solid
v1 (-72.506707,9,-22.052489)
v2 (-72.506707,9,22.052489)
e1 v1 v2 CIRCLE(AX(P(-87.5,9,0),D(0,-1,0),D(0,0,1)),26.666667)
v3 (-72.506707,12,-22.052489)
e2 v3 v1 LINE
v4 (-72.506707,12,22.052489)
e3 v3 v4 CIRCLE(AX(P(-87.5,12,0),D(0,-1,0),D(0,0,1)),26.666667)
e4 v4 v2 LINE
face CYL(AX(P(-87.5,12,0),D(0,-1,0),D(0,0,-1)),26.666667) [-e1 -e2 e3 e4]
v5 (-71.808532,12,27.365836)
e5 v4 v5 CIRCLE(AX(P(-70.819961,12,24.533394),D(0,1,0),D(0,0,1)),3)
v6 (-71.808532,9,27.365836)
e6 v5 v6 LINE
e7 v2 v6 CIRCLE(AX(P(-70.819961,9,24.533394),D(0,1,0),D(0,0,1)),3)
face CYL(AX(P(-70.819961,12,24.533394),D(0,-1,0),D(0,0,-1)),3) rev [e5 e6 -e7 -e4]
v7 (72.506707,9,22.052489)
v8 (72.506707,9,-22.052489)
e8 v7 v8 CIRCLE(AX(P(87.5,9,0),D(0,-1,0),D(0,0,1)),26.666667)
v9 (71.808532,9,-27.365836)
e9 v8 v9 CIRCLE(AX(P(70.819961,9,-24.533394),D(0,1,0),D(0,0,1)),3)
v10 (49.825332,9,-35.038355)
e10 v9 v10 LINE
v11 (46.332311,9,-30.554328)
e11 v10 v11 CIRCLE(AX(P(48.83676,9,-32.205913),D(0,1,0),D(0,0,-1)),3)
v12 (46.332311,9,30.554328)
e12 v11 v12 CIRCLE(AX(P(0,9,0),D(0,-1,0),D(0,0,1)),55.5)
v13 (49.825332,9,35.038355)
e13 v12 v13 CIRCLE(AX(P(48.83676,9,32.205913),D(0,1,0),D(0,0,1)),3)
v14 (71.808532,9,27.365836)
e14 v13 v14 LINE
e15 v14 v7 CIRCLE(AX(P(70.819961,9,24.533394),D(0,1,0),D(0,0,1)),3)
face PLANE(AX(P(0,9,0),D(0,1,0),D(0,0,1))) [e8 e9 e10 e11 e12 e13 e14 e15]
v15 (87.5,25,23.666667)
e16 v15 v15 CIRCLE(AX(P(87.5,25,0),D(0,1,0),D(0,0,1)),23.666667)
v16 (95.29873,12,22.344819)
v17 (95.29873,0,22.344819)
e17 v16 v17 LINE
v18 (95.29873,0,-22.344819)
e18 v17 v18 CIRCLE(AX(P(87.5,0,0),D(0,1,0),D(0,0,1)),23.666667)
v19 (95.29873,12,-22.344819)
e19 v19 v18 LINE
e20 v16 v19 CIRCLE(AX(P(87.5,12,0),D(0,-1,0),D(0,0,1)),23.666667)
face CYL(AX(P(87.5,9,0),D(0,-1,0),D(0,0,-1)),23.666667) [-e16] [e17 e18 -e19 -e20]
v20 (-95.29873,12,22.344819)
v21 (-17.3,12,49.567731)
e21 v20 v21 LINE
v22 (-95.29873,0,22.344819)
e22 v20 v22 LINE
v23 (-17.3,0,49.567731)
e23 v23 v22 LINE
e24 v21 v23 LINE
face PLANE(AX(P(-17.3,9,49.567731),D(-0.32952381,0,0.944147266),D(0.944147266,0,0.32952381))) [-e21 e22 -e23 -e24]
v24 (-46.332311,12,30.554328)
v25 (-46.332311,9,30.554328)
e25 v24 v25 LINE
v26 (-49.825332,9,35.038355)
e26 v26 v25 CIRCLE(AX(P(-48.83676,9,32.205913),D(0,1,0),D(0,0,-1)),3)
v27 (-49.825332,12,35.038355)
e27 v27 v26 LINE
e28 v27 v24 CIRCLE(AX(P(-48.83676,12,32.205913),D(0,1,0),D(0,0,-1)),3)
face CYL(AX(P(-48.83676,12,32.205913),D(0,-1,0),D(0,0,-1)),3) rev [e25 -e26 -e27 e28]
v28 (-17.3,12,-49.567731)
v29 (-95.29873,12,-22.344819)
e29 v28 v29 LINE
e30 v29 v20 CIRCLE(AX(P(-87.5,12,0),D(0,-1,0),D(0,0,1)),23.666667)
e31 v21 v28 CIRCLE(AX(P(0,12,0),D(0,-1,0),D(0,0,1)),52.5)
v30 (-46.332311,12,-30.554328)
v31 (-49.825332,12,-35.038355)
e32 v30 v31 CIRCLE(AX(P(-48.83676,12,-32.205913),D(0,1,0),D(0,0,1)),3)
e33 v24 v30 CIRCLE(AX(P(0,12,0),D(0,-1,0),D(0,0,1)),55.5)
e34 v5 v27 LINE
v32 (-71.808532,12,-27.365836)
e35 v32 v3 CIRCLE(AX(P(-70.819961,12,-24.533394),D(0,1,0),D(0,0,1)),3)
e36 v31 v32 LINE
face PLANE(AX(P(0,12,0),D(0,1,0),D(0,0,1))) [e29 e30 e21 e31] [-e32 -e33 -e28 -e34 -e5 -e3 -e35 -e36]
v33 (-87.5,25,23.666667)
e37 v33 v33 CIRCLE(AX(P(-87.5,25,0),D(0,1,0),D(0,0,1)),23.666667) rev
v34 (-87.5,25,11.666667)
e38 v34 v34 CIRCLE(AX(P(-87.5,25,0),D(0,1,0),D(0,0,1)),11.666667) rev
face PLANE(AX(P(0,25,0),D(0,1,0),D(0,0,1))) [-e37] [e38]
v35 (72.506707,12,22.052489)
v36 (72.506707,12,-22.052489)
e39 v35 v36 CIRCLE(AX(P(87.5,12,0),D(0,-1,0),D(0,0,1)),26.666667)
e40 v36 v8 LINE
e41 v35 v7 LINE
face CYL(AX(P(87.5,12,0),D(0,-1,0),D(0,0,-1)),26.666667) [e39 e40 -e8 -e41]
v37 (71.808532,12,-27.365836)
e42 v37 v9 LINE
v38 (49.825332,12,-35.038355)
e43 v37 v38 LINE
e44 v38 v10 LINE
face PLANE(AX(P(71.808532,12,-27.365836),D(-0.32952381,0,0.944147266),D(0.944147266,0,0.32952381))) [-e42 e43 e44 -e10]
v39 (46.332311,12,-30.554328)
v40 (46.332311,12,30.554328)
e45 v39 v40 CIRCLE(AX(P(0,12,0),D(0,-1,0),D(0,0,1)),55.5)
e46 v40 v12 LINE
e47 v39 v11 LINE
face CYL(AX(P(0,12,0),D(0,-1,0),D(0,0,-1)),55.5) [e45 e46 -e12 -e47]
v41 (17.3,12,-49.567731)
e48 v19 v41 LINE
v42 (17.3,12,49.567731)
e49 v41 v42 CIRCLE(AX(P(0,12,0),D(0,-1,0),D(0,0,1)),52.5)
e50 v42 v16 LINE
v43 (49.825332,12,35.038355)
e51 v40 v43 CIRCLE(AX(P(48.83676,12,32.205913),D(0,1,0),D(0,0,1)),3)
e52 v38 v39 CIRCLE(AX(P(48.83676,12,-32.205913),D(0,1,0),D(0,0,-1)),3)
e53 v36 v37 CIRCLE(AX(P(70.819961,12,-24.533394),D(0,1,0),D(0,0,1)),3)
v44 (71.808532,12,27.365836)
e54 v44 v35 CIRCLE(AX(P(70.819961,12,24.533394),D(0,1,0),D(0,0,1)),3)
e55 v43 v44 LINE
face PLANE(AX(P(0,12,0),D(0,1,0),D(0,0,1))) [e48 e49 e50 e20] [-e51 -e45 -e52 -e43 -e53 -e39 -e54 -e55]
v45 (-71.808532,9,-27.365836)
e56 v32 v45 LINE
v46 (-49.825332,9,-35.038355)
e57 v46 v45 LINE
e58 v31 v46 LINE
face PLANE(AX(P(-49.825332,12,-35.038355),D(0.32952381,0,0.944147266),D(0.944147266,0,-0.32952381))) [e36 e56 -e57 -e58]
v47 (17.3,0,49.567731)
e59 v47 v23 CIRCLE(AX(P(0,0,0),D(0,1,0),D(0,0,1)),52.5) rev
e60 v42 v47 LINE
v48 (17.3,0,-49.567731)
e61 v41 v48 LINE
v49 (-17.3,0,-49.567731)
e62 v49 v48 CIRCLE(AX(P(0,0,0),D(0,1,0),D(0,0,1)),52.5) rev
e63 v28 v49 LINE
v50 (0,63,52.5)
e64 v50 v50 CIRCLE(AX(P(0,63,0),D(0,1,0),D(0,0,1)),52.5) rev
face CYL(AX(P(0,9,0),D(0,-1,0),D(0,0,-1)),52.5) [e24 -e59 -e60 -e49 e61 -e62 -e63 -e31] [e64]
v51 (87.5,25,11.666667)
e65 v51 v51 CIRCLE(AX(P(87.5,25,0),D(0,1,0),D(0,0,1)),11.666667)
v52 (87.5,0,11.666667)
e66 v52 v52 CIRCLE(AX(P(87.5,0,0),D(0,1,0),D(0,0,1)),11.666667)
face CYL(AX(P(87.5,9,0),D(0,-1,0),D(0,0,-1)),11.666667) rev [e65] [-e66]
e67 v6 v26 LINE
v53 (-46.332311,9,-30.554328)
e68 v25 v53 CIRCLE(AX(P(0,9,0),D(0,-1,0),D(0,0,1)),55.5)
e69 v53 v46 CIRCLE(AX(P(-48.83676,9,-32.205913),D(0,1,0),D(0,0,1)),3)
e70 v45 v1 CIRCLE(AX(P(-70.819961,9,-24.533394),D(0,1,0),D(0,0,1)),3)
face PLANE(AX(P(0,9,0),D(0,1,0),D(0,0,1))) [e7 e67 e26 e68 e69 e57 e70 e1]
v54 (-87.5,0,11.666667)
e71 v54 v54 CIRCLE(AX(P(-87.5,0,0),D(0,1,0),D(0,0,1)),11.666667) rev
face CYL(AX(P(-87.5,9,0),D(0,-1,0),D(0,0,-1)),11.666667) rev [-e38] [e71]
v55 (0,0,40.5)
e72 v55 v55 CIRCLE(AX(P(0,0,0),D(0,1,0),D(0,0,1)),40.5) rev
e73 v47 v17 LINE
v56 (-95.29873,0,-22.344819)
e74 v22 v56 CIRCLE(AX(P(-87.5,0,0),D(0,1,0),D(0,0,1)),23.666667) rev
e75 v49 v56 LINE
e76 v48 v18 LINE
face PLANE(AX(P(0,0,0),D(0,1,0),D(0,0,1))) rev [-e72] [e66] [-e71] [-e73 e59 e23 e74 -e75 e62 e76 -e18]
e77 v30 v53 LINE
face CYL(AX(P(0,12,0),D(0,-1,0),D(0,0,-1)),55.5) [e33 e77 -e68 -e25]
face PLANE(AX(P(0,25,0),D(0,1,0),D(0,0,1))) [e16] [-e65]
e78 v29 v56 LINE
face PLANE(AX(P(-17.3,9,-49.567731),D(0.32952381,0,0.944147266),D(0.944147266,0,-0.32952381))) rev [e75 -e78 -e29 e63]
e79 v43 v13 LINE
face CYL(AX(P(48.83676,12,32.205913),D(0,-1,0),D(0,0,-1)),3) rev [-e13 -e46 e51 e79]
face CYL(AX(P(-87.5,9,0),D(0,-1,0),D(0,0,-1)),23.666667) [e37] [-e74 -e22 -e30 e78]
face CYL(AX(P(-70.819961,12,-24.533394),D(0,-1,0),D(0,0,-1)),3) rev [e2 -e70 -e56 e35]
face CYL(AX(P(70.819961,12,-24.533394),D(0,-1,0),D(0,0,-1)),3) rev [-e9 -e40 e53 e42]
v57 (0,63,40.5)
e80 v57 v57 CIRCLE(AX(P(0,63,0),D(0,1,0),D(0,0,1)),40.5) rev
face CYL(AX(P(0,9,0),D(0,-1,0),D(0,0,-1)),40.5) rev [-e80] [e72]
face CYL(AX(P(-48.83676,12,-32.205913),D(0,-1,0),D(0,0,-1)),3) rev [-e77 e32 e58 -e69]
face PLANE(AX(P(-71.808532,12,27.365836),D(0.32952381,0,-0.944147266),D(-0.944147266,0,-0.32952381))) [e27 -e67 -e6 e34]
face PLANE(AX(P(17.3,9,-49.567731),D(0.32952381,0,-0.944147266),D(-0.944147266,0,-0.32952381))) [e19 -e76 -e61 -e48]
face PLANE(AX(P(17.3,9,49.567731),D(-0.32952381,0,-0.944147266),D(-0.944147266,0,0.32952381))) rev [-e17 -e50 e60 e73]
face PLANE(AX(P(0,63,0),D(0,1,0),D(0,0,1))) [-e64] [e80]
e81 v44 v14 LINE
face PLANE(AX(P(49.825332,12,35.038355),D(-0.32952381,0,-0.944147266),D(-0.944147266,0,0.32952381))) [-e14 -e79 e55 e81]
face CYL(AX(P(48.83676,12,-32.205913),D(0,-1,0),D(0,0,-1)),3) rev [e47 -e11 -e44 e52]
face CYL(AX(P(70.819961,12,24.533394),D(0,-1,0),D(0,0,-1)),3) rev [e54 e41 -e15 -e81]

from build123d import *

# Parameters (mm, degrees)
SKETCH1_R           = 23.666666667
SKETCH1_R_2         = 11.666666667
BOSS_EXTRUDE1_DEPTH = 9
SKETCH1_5_R         = 23.666666667
SKETCH1_5_R_2       = 11.666666667
BOSS_EXTRUDE2_DEPTH = 25
BOSS_EXTRUDE3_DEPTH = 63
BOSS_EXTRUDE4_DEPTH = 3


with BuildPart() as part:
    # Sketch1 → Boss-Extrude1 (new body)
    # profile 1 of 8: a face of its own
    with BuildSketch(Plane(origin=(0, 0, 0), x_dir=(1, 0, 0), z_dir=(0, 1, 0))):
        with Locations((-87.5, 0)):
            Circle(SKETCH1_R)
        with Locations(Location((-87.5, 0, 0), (0, 0, 270))):
            Circle(SKETCH1_R_2, mode=Mode.SUBTRACT)
    # profile 2 of 8: a face of its own
    with BuildSketch(Plane(origin=(0, 0, 0), x_dir=(1, 0, 0), z_dir=(0, 1, 0))):
        with BuildLine():
            ThreePointArc((-17.3, -49.567731439), (-52.5, 0), (-17.3, 49.567731439))
            Line((-17.3, 49.567731439), (-95.298730159, 22.344818617))
            ThreePointArc((-95.298730159, 22.344818617), (-73.797059366, 19.296127308), (-63.833333333, 0))
            ThreePointArc((-63.833333333, 0), (-73.797059366, -19.296127308), (-95.298730159, -22.344818617))
            Line((-95.298730159, -22.344818617), (-17.3, -49.567731439))
        make_face()
    # profile 3 of 8: a face of its own
    with BuildSketch(Plane(origin=(0, 0, 0), x_dir=(1, 0, 0), z_dir=(0, 1, 0))):
        with BuildLine():
            ThreePointArc((52.5, 0), (42.804789452, 30.397368307), (17.3, 49.567731439))
            ThreePointArc((17.3, 49.567731439), (8.773371628, 51.761742149), (0, 52.5))
            Line((0, 52.5), (0, 40.5))
            ThreePointArc((0, 40.5), (28.637824638, 28.637824638), (40.5, 0))
            ThreePointArc((40.5, 0), (28.637824638, -28.637824638), (0, -40.5))
            Line((0, -40.5), (0, -52.5))
            ThreePointArc((0, -52.5), (8.773371628, -51.761742149), (17.3, -49.567731439))
            ThreePointArc((17.3, -49.567731439), (42.804789452, -30.397368307), (52.5, 0))
        make_face()
    # profile 4 of 8: a face of its own
    with BuildSketch(Plane(origin=(0, 0, 0), x_dir=(1, 0, 0), z_dir=(0, 1, 0))):
        with BuildLine():
            Line((0, 40.5), (0, 52.5))
            ThreePointArc((0, 52.5), (-8.773371628, 51.761742149), (-17.3, 49.567731439))
            ThreePointArc((-17.3, 49.567731439), (-52.5, 0), (-17.3, -49.567731439))
            ThreePointArc((-17.3, -49.567731439), (-8.773371628, -51.761742149), (0, -52.5))
            Line((0, -52.5), (0, -40.5))
            ThreePointArc((0, -40.5), (-40.5, 0), (0, 40.5))
        make_face()
    # profile 5 of 8: a face of its own
    with BuildSketch(Plane(origin=(0, 0, 0), x_dir=(1, 0, 0), z_dir=(0, 1, 0))):
        with BuildLine():
            ThreePointArc((52.5, 0), (42.804789452, 30.397368307), (17.3, 49.567731439))
            ThreePointArc((17.3, 49.567731439), (8.773371628, 51.761742149), (0, 52.5))
            Line((0, 52.5), (0, 40.5))
            ThreePointArc((0, 40.5), (28.637824638, 28.637824638), (40.5, 0))
            ThreePointArc((40.5, 0), (28.637824638, -28.637824638), (0, -40.5))
            Line((0, -40.5), (0, -52.5))
            ThreePointArc((0, -52.5), (8.773371628, -51.761742149), (17.3, -49.567731439))
            ThreePointArc((17.3, -49.567731439), (42.804789452, -30.397368307), (52.5, 0))
        make_face()
    # profile 6 of 8: a face of its own
    with BuildSketch(Plane(origin=(0, 0, 0), x_dir=(1, 0, 0), z_dir=(0, 1, 0))):
        with BuildLine():
            Line((0, 40.5), (0, 52.5))
            ThreePointArc((0, 52.5), (-8.773371628, 51.761742149), (-17.3, 49.567731439))
            ThreePointArc((-17.3, 49.567731439), (-52.5, 0), (-17.3, -49.567731439))
            ThreePointArc((-17.3, -49.567731439), (-8.773371628, -51.761742149), (0, -52.5))
            Line((0, -52.5), (0, -40.5))
            ThreePointArc((0, -40.5), (-40.5, 0), (0, 40.5))
        make_face()
    # profile 7 of 8: a face of its own
    with BuildSketch(Plane(origin=(0, 0, 0), x_dir=(1, 0, 0), z_dir=(0, 1, 0))):
        with BuildLine():
            Line((95.298730159, 22.344818617), (17.3, 49.567731439))
            ThreePointArc((17.3, 49.567731439), (42.804789452, 30.397368307), (52.5, 0))
            ThreePointArc((52.5, 0), (42.804789452, -30.397368307), (17.3, -49.567731439))
            Line((17.3, -49.567731439), (95.298730159, -22.344818617))
            ThreePointArc((95.298730159, -22.344818617), (63.833333333, 0), (95.298730159, 22.344818617))
        make_face()
    # profile 8 of 8: a face of its own
    with BuildSketch(Plane(origin=(0, 0, 0), x_dir=(1, 0, 0), z_dir=(0, 1, 0))):
        with Locations((87.5, 0)):
            Circle(SKETCH1_R)
        with Locations(Location((87.5, 0, 0), (0, 0, 270))):
            Circle(SKETCH1_R_2, mode=Mode.SUBTRACT)
    extrude(amount=BOSS_EXTRUDE1_DEPTH)

    # Sketch1<5> → Boss-Extrude2 (add)
    # profile 1 of 2: a face of its own
    with BuildSketch(Plane(origin=(0, 0, 0), x_dir=(1, 0, 0), z_dir=(0, 1, 0))):
        with Locations(Location((-87.5, 0, 0), (0, 0, 109.239875225))):
            Circle(SKETCH1_5_R)
        with Locations(Location((-87.5, 0, 0), (0, 0, 270))):
            Circle(SKETCH1_5_R_2, mode=Mode.SUBTRACT)
    # profile 2 of 2: a face of its own
    with BuildSketch(Plane(origin=(0, 0, 0), x_dir=(1, 0, 0), z_dir=(0, 1, 0))):
        with Locations(Location((87.5, 0, 0), (0, 0, 70.760124775))):
            Circle(SKETCH1_5_R)
        with Locations(Location((87.5, 0, 0), (0, 0, 270))):
            Circle(SKETCH1_5_R_2, mode=Mode.SUBTRACT)
    extrude(amount=BOSS_EXTRUDE2_DEPTH)

    # Sketch1<4> → Boss-Extrude3 (add)
    with BuildSketch(Plane(origin=(0, 0, 0), x_dir=(1, 0, 0), z_dir=(0, 1, 0))):
        with BuildLine():
            ThreePointArc((52.5, 0), (42.804789452, 30.397368307), (17.3, 49.567731439))
            ThreePointArc((17.3, 49.567731439), (8.773371628, 51.761742149), (0, 52.5))
            Line((0, 52.5), (0, 40.5))
            ThreePointArc((0, 40.5), (28.637824638, 28.637824638), (40.5, 0))
            ThreePointArc((40.5, 0), (28.637824638, -28.637824638), (0, -40.5))
            Line((0, -40.5), (0, -52.5))
            ThreePointArc((0, -52.5), (8.773371628, -51.761742149), (17.3, -49.567731439))
            ThreePointArc((17.3, -49.567731439), (42.804789452, -30.397368307), (52.5, 0))
        make_face()
        with BuildLine():
            Line((0, 40.5), (0, 52.5))
            ThreePointArc((0, 52.5), (-8.773371628, 51.761742149), (-17.3, 49.567731439))
            ThreePointArc((-17.3, 49.567731439), (-52.5, 0), (-17.3, -49.567731439))
            ThreePointArc((-17.3, -49.567731439), (-8.773371628, -51.761742149), (0, -52.5))
            Line((0, -52.5), (0, -40.5))
            ThreePointArc((0, -40.5), (-40.5, 0), (0, 40.5))
        make_face()
        with BuildLine():
            ThreePointArc((52.5, 0), (42.804789452, 30.397368307), (17.3, 49.567731439))
            ThreePointArc((17.3, 49.567731439), (8.773371628, 51.761742149), (0, 52.5))
            Line((0, 52.5), (0, 40.5))
            ThreePointArc((0, 40.5), (28.637824638, 28.637824638), (40.5, 0))
            ThreePointArc((40.5, 0), (28.637824638, -28.637824638), (0, -40.5))
            Line((0, -40.5), (0, -52.5))
            ThreePointArc((0, -52.5), (8.773371628, -51.761742149), (17.3, -49.567731439))
            ThreePointArc((17.3, -49.567731439), (42.804789452, -30.397368307), (52.5, 0))
        make_face()
        with BuildLine():
            Line((0, 40.5), (0, 52.5))
            ThreePointArc((0, 52.5), (-8.773371628, 51.761742149), (-17.3, 49.567731439))
            ThreePointArc((-17.3, 49.567731439), (-52.5, 0), (-17.3, -49.567731439))
            ThreePointArc((-17.3, -49.567731439), (-8.773371628, -51.761742149), (0, -52.5))
            Line((0, -52.5), (0, -40.5))
            ThreePointArc((0, -40.5), (-40.5, 0), (0, 40.5))
        make_face()
    extrude(amount=BOSS_EXTRUDE3_DEPTH)

    # Sketch3 → Boss-Extrude4 (add)
    # profile 1 of 2: a face of its own
    with BuildSketch(Plane(origin=(0, 9, 0), x_dir=(1, 0, 0), z_dir=(0, 1, 0))):
        with BuildLine():
            Line((17.3, -49.567731439), (95.298730159, -22.344818617))
            ThreePointArc((95.298730159, -22.344818617), (63.833333333, 0), (95.298730159, 22.344818617))
            Line((95.298730159, 22.344818617), (17.3, 49.567731439))
            ThreePointArc((17.3, 49.567731439), (52.5, 0), (17.3, -49.567731439))
        make_face()
        with BuildLine():
            Line((49.82533187, -35.038354757), (71.808532445, -27.365835582))
            ThreePointArc((71.808532445, -27.365835582), (73.794392677, -24.924234284), (72.506706531, -22.052488796))
            ThreePointArc((72.506706531, -22.052488796), (60.833333333, 0), (72.506706531, 22.052488796))
            ThreePointArc((72.506706531, 22.052488796), (73.794392677, 24.924234284), (71.808532445, 27.365835582))
            Line((71.808532445, 27.365835582), (49.82533187, 35.038354757))
            ThreePointArc((49.82533187, 35.038354757), (46.470096946, 34.049524606), (46.332311188, 30.55432768))
            ThreePointArc((46.332311188, 30.55432768), (55.5, 0), (46.332311188, -30.55432768))
            ThreePointArc((46.332311188, -30.55432768), (46.470096946, -34.049524606), (49.82533187, -35.038354757))
        make_face(mode=Mode.SUBTRACT)
    # profile 2 of 2: a face of its own
    with BuildSketch(Plane(origin=(0, 9, 0), x_dir=(1, 0, 0), z_dir=(0, 1, 0))):
        with BuildLine():
            Line((-17.3, 49.567731439), (-95.298730159, 22.344818617))
            ThreePointArc((-95.298730159, 22.344818617), (-63.833333333, 0), (-95.298730159, -22.344818617))
            Line((-95.298730159, -22.344818617), (-17.3, -49.567731439))
            ThreePointArc((-17.3, -49.567731439), (-52.5, 0), (-17.3, 49.567731439))
        make_face()
        with BuildLine():
            Line((-49.82533187, 35.038354757), (-71.808532445, 27.365835582))
            ThreePointArc((-71.808532445, 27.365835582), (-73.794392677, 24.924234284), (-72.506706531, 22.052488796))
            ThreePointArc((-72.506706531, 22.052488796), (-60.833333333, 0), (-72.506706531, -22.052488796))
            ThreePointArc((-72.506706531, -22.052488796), (-73.794392677, -24.924234284), (-71.808532445, -27.365835582))
            Line((-71.808532445, -27.365835582), (-49.82533187, -35.038354757))
            ThreePointArc((-49.82533187, -35.038354757), (-46.470096946, -34.049524606), (-46.332311188, -30.55432768))
            ThreePointArc((-46.332311188, -30.55432768), (-55.5, 0), (-46.332311188, 30.55432768))
            ThreePointArc((-46.332311188, 30.55432768), (-46.470096946, 34.049524606), (-49.82533187, 35.038354757))
        make_face(mode=Mode.SUBTRACT)
    extrude(amount=BOSS_EXTRUDE4_DEPTH)


solid = part.part
